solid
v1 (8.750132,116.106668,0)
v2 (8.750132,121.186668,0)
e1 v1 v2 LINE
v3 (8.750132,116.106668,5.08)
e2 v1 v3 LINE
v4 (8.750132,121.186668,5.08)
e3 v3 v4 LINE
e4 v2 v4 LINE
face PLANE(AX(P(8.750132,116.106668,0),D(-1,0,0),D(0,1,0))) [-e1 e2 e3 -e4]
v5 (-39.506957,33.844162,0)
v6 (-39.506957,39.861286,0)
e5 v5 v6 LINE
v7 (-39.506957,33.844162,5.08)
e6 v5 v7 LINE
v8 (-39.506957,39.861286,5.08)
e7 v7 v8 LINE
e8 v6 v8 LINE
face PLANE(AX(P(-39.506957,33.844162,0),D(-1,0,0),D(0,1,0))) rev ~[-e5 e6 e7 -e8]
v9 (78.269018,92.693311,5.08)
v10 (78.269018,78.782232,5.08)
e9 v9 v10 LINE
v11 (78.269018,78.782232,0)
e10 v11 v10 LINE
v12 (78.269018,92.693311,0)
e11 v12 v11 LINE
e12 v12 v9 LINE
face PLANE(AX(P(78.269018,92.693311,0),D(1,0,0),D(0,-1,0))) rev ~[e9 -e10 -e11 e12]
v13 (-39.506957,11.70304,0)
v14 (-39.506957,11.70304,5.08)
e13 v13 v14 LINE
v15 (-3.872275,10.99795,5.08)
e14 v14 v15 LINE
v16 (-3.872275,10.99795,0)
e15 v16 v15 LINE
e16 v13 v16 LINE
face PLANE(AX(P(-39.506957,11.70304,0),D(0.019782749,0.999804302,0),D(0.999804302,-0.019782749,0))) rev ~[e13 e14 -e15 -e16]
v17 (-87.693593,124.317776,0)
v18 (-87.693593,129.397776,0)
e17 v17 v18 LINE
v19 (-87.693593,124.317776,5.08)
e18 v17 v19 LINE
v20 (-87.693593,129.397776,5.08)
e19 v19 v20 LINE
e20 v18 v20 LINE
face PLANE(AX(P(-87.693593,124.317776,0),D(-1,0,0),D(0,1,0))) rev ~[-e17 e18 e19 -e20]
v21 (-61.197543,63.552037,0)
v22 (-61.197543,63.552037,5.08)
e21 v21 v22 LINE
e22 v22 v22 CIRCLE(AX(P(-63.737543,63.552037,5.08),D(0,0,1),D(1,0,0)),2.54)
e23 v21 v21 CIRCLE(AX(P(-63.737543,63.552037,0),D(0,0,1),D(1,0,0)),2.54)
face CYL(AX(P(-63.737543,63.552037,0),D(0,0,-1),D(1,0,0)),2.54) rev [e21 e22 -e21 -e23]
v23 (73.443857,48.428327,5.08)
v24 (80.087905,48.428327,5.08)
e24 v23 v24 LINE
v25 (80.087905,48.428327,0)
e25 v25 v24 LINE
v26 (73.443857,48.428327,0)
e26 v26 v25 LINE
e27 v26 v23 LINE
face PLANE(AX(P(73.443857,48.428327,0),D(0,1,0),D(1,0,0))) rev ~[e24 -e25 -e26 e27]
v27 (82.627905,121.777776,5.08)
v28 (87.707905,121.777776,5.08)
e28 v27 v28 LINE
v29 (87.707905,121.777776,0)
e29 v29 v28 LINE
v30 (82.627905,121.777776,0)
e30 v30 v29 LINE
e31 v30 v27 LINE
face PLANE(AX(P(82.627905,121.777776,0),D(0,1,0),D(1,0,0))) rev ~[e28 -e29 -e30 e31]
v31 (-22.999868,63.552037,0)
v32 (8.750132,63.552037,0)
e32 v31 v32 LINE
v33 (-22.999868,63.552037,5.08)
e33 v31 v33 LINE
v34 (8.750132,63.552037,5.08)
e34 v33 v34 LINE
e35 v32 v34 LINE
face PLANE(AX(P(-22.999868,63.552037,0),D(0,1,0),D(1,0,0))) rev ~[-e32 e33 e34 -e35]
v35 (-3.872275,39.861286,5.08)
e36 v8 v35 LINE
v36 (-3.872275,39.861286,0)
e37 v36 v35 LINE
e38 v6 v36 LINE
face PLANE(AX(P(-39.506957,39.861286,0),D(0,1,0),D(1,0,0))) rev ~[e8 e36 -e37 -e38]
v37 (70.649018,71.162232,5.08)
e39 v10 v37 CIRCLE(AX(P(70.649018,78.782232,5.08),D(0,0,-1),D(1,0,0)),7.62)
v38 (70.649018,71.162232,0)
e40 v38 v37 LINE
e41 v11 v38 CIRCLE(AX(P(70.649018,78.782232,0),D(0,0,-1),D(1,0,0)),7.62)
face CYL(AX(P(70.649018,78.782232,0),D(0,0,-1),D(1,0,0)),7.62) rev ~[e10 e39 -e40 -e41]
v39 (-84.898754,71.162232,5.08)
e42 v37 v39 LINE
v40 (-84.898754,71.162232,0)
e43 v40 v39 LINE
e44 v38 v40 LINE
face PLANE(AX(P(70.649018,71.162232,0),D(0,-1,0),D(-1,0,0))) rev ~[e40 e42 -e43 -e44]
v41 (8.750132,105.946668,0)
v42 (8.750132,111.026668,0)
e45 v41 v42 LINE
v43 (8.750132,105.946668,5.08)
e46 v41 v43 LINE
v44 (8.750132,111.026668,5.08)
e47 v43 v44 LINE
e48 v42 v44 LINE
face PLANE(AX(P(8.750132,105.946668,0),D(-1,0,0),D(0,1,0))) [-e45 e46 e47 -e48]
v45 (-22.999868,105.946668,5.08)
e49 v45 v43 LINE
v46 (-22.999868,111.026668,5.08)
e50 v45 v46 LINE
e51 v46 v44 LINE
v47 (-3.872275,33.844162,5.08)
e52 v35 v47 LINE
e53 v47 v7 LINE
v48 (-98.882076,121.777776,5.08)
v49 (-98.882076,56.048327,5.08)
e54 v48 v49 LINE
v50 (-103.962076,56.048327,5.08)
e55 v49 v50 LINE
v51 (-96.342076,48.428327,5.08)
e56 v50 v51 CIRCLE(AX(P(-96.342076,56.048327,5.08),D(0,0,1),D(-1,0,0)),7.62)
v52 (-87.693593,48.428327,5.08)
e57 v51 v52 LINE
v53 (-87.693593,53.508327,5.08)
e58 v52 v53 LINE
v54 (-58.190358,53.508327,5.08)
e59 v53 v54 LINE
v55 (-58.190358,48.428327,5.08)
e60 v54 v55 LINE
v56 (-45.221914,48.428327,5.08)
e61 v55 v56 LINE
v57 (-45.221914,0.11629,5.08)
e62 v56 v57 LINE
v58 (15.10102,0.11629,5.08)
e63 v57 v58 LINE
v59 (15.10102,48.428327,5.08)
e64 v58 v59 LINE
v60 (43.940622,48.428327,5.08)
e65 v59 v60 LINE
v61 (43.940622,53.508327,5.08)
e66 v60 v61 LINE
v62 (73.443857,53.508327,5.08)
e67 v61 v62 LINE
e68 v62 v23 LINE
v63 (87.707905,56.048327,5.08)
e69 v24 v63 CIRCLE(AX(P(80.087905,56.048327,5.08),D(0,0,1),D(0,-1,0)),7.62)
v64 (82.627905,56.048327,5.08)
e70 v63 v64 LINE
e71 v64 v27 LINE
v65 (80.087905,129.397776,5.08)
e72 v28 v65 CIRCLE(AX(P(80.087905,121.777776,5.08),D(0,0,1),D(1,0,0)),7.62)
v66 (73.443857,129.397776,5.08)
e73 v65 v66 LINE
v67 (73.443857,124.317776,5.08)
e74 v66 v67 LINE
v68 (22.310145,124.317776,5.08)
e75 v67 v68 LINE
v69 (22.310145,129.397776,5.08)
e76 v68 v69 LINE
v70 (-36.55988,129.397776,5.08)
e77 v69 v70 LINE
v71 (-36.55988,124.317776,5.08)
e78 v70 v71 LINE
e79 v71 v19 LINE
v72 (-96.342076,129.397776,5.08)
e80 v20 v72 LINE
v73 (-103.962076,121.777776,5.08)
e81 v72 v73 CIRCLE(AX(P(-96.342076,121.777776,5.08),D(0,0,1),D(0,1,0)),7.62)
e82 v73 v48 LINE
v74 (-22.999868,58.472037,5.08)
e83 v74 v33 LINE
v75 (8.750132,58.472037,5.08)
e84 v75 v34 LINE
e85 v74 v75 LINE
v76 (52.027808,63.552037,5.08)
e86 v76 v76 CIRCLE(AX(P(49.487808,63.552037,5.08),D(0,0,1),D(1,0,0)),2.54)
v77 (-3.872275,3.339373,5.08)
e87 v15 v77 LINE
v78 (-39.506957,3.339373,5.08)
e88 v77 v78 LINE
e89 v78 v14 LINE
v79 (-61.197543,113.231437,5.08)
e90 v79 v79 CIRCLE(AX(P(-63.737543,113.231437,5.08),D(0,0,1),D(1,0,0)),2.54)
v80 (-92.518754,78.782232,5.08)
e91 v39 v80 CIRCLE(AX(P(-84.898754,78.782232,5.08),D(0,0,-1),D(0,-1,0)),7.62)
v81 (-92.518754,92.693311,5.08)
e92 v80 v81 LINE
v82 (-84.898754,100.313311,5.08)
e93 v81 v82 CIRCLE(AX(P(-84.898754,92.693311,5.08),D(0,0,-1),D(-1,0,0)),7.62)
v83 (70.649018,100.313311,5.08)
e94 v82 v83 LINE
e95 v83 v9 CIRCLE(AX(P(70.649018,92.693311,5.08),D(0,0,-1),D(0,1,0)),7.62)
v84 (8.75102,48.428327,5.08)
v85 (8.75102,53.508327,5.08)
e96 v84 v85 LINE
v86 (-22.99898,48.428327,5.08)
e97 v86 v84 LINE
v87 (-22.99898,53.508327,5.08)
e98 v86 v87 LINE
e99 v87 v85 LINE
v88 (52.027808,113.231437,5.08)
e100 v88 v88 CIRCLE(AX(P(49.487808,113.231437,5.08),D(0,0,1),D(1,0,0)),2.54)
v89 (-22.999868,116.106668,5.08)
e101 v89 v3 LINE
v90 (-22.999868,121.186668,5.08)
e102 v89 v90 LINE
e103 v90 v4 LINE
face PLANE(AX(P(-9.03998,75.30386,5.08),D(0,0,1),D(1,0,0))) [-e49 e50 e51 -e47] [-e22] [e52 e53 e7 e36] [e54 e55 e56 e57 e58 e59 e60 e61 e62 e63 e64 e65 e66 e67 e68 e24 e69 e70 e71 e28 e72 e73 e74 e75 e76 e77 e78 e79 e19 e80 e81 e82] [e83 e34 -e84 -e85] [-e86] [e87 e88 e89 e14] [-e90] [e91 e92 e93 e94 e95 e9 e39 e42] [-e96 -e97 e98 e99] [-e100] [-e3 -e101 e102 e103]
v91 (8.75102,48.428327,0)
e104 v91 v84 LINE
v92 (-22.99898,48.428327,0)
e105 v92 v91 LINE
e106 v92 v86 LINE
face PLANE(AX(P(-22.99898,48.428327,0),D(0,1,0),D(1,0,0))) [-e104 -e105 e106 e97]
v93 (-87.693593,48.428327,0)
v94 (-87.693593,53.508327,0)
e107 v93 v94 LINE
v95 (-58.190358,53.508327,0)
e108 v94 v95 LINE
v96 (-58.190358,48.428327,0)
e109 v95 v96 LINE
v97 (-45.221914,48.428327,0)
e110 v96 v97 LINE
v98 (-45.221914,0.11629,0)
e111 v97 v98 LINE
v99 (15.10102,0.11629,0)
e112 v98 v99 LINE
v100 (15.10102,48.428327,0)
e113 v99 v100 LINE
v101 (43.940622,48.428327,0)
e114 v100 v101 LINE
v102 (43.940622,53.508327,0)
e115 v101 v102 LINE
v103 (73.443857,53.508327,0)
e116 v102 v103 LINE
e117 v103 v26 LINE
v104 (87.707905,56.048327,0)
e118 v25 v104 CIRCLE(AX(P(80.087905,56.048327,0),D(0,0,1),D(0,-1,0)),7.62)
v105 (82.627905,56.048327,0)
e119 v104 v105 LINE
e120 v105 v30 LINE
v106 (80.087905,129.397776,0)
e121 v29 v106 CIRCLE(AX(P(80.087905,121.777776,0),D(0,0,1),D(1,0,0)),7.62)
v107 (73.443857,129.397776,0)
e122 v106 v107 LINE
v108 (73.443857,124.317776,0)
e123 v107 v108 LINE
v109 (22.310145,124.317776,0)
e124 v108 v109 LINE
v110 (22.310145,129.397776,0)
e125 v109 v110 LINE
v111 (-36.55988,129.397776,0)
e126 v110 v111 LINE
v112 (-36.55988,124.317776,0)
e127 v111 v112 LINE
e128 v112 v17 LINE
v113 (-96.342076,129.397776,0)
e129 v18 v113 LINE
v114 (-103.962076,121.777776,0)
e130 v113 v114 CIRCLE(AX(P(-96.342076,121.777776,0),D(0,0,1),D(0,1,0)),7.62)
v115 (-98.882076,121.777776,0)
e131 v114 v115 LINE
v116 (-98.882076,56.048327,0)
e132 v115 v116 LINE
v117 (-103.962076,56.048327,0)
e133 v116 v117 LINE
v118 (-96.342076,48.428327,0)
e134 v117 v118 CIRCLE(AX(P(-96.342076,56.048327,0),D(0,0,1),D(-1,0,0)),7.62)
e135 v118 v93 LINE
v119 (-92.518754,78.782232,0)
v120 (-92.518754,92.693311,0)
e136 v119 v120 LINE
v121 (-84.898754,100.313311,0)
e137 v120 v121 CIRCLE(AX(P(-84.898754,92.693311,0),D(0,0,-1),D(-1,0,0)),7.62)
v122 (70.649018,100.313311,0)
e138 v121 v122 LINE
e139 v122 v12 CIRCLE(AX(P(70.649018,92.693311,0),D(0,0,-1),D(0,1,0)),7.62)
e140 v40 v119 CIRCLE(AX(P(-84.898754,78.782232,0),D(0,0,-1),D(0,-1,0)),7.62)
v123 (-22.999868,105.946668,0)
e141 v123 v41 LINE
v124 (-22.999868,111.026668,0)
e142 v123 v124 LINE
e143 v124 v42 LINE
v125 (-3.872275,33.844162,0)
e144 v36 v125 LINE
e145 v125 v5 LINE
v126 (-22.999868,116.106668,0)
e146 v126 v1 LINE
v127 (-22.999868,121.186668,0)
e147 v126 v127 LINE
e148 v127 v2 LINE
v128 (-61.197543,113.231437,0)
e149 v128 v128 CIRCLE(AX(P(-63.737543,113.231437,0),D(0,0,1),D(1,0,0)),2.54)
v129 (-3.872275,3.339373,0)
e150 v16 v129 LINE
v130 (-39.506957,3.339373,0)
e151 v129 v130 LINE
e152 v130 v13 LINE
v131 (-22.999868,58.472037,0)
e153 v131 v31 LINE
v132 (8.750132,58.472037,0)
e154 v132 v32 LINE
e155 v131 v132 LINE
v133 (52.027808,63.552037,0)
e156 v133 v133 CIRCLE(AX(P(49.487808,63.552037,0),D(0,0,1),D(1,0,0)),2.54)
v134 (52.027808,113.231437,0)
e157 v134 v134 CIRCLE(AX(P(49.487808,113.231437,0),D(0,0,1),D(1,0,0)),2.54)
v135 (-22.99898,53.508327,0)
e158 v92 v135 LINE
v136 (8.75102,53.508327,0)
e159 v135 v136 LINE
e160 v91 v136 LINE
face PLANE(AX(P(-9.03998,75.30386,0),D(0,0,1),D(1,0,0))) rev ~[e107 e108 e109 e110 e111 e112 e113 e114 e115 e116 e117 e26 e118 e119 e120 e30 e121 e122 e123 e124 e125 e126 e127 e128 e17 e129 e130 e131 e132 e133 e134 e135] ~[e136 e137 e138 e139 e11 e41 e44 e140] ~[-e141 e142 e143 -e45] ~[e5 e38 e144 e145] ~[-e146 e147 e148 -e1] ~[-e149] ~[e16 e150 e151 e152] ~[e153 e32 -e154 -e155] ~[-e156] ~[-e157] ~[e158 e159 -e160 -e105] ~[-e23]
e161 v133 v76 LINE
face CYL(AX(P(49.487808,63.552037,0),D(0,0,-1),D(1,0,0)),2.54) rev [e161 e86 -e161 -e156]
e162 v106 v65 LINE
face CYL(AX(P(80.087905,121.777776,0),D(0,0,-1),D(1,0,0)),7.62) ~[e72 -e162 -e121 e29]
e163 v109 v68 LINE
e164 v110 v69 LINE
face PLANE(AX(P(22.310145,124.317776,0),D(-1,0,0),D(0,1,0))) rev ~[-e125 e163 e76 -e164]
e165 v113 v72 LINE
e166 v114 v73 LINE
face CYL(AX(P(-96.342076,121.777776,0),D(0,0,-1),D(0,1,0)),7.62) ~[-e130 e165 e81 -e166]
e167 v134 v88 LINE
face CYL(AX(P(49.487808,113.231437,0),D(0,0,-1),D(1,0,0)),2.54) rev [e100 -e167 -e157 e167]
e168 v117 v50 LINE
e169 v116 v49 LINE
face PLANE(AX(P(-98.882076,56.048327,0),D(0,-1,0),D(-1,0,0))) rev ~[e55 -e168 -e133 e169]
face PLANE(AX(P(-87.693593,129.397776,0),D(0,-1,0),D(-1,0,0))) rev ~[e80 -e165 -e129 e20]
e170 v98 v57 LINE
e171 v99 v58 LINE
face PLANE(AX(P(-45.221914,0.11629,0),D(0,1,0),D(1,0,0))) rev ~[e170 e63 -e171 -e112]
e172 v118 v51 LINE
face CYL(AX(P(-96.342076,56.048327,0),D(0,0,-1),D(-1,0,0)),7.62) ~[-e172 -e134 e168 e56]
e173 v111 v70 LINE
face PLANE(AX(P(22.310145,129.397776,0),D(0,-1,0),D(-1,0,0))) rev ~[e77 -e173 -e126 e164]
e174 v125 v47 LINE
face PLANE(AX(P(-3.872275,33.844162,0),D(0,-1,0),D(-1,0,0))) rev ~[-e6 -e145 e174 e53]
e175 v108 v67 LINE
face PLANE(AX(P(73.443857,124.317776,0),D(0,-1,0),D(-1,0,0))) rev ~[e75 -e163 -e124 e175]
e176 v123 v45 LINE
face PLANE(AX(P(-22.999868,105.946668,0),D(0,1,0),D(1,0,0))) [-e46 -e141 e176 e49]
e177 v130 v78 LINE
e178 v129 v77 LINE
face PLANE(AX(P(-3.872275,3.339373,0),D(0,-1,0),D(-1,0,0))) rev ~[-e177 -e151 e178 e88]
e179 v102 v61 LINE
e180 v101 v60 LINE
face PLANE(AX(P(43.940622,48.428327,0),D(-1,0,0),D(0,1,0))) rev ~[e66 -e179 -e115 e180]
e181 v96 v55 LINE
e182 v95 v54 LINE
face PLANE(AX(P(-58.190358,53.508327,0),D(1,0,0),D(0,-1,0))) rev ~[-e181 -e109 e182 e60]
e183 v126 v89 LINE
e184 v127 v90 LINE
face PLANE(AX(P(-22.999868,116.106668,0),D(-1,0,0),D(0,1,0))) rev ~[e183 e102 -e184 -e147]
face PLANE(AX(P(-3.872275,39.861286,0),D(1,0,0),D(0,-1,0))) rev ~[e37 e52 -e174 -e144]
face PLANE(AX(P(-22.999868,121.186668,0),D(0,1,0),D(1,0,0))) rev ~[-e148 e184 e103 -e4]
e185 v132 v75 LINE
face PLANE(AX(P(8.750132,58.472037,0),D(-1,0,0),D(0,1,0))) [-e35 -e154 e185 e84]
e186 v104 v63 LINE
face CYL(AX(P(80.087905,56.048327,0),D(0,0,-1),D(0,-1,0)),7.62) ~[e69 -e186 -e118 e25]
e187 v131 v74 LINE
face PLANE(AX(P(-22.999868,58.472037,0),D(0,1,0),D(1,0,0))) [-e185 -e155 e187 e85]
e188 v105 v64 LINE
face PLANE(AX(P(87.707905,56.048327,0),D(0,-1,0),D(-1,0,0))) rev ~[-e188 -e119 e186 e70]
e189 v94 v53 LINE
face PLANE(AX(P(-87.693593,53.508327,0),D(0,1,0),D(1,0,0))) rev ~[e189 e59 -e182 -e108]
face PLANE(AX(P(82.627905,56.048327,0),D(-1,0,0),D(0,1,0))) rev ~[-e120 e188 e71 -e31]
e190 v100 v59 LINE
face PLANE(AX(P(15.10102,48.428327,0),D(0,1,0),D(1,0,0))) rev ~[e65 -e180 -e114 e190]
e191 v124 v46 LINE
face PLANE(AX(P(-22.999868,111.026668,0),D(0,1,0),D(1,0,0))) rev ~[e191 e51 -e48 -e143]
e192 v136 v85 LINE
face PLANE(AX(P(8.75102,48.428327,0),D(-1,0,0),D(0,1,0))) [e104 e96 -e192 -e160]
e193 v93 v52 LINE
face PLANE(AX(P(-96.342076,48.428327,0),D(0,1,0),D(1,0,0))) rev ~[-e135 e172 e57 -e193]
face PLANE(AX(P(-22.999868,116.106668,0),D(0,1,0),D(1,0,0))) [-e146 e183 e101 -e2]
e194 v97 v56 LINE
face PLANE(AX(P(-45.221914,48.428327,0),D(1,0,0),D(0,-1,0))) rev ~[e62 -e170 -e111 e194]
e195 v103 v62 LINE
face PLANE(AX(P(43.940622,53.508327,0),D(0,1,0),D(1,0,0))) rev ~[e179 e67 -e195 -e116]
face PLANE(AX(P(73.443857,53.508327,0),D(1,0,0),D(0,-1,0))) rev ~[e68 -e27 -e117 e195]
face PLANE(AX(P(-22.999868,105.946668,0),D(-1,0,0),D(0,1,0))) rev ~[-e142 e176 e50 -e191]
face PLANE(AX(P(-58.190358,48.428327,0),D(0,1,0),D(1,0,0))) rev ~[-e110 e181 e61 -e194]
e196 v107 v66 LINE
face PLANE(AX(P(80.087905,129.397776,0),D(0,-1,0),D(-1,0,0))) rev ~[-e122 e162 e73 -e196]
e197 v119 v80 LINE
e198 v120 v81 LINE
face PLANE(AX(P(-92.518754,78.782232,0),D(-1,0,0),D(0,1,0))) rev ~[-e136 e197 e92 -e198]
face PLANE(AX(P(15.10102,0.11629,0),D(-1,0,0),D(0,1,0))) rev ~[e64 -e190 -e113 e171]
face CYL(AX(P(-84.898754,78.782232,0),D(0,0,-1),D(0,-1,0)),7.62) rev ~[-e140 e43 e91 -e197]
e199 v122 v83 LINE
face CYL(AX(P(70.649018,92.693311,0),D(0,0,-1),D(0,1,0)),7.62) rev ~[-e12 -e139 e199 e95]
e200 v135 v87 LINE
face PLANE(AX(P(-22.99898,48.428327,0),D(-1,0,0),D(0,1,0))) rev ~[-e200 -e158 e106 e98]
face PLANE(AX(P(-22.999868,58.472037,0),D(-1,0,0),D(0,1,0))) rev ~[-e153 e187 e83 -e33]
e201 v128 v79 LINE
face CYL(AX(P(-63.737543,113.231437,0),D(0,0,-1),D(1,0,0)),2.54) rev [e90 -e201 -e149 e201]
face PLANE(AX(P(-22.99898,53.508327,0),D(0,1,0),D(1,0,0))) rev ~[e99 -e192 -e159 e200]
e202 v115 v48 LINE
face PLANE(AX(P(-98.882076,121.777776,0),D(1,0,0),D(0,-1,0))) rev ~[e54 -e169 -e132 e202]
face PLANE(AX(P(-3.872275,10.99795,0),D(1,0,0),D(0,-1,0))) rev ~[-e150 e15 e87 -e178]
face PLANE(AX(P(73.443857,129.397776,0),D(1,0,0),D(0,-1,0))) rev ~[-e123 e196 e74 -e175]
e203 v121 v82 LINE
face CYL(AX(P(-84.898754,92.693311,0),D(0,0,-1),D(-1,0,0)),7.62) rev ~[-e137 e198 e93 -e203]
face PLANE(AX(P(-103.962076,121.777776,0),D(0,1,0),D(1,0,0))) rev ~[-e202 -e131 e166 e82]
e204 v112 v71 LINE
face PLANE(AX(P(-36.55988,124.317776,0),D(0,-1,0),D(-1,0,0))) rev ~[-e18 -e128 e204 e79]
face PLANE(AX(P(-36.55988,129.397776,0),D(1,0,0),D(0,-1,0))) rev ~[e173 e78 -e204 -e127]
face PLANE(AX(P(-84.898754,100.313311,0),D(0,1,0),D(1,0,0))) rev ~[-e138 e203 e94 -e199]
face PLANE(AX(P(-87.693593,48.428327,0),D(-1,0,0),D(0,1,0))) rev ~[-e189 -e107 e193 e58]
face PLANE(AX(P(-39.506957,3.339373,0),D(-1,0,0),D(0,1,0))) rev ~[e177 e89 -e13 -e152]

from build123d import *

# Parameters (mm, degrees)
SKETCH1_R           = 2.54
SKETCH1_W           = 31.75
SKETCH1_H           = 5.08
BOSS_EXTRUDE1_DEPTH = 5.08


with BuildPart() as part:
    # Sketch1 → Boss-Extrude1 (new body)
    with BuildSketch(Plane.XY):
        with BuildLine():
            Line((73.443857446, 124.317776281), (22.310144528, 124.317776281))
            Line((22.310144528, 124.317776281), (22.310144528, 129.397776281))
            Line((22.310144528, 129.397776281), (14.0979145, 129.397776281))
            Line((14.0979145, 129.397776281), (-30.3520855, 129.397776281))
            Line((-30.3520855, 129.397776281), (-36.559880198, 129.397776281))
            Line((-36.559880198, 129.397776281), (-36.559880198, 124.317776281))
            Line((-36.559880198, 124.317776281), (-87.693593116, 124.317776281))
            Line((-87.693593116, 124.317776281), (-87.693593116, 129.397776281))
            Line((-87.693593116, 129.397776281), (-96.342075919, 129.397776281))
            ThreePointArc((-96.342075919, 129.397776281), (-101.730229592, 127.165929953), (-103.962075919, 121.777776281))
            Line((-103.962075919, 121.777776281), (-98.882075919, 121.777776281))
            Line((-98.882075919, 121.777776281), (-98.882075919, 56.048326859))
            Line((-98.882075919, 56.048326859), (-103.962075919, 56.048326859))
            ThreePointArc((-103.962075919, 56.048326859), (-101.730229592, 50.660173186), (-96.342075919, 48.428326859))
            Line((-96.342075919, 48.428326859), (-87.693593116, 48.428326859))
            Line((-87.693593116, 48.428326859), (-87.693593116, 53.508326859))
            Line((-87.693593116, 53.508326859), (-58.190357776, 53.508326859))
            Line((-58.190357776, 53.508326859), (-58.190357776, 48.428326859))
            Line((-58.190357776, 48.428326859), (-45.221913897, 48.428326859))
            Line((-45.221913897, 48.428326859), (-45.221913897, 0.116289741))
            Line((-45.221913897, 0.116289741), (-7.123980427, 0.116289741))
            Line((-7.123980427, 0.116289741), (15.101019573, 0.116289741))
            Line((15.101019573, 0.116289741), (15.101019573, 48.428326859))
            Line((15.101019573, 48.428326859), (32.202561113, 48.428326859))
            Line((32.202561113, 48.428326859), (43.940622107, 48.428326859))
            Line((43.940622107, 48.428326859), (43.940622107, 53.508326859))
            Line((43.940622107, 53.508326859), (73.443857446, 53.508326859))
            Line((73.443857446, 53.508326859), (73.443857446, 48.428326859))
            Line((73.443857446, 48.428326859), (80.087904918, 48.428326859))
            ThreePointArc((80.087904918, 48.428326859), (85.476058591, 50.660173186), (87.707904918, 56.048326859))
            Line((87.707904918, 56.048326859), (82.627904918, 56.048326859))
            Line((82.627904918, 56.048326859), (82.627904918, 116.106668145))
            Line((82.627904918, 116.106668145), (82.627904918, 121.777776281))
            Line((82.627904918, 121.777776281), (87.707904918, 121.777776281))
            ThreePointArc((87.707904918, 121.777776281), (85.476058591, 127.165929953), (80.087904918, 129.397776281))
            Line((80.087904918, 129.397776281), (73.443857446, 129.397776281))
            Line((73.443857446, 129.397776281), (73.443857446, 124.317776281))
        make_face()
        Polygon((-3.872275334, 3.339373144), (-39.506956929, 3.339373144), (-39.506956929, 11.703040428), (-3.872275334, 10.997950476), align=None, mode=Mode.SUBTRACT)
        with Locations((-63.737543347, 63.552037118)):
            Circle(SKETCH1_R, mode=Mode.SUBTRACT)
        Polygon((-39.506956929, 39.861286156), (-29.349867835, 39.861286156), (-3.872275334, 39.861286156), (-3.872275334, 33.84416171), (-39.506956929, 33.84416171), align=None, mode=Mode.SUBTRACT)
        with Locations((-7.123980427, 50.968326859)):
            Rectangle(SKETCH1_W, SKETCH1_H, mode=Mode.SUBTRACT)
        with Locations((-7.124867835, 61.012037118)):
            Rectangle(SKETCH1_W, SKETCH1_H, mode=Mode.SUBTRACT)
        with Locations((49.487807678, 63.552037118)):
            Circle(SKETCH1_R, mode=Mode.SUBTRACT)
        with Locations((-63.737543347, 113.231437191)):
            Circle(SKETCH1_R, mode=Mode.SUBTRACT)
        with BuildLine():
            Line((70.649018329, 71.162232039), (-84.898753999, 71.162232039))
            ThreePointArc((-84.898753999, 71.162232039), (-90.286907671, 73.394078367), (-92.518753999, 78.782232039))
            Line((-92.518753999, 78.782232039), (-92.518753999, 92.693311063))
            ThreePointArc((-92.518753999, 92.693311063), (-90.286907671, 98.081464736), (-84.898753999, 100.313311063))
            Line((-84.898753999, 100.313311063), (70.649018329, 100.313311063))
            ThreePointArc((70.649018329, 100.313311063), (76.037172002, 98.081464736), (78.269018329, 92.693311063))
            Line((78.269018329, 92.693311063), (78.269018329, 78.782232039))
            ThreePointArc((78.269018329, 78.782232039), (76.037172002, 73.394078367), (70.649018329, 71.162232039))
        make_face(mode=Mode.SUBTRACT)
        with Locations((-7.124867835, 108.486668145)):
            Rectangle(SKETCH1_W, SKETCH1_H, mode=Mode.SUBTRACT)
        with Locations((-7.124867835, 118.646668145)):
            Rectangle(SKETCH1_W, SKETCH1_H, mode=Mode.SUBTRACT)
        with Locations((49.487807678, 113.231437191)):
            Circle(SKETCH1_R, mode=Mode.SUBTRACT)
    extrude(amount=BOSS_EXTRUDE1_DEPTH)


solid = part.part
